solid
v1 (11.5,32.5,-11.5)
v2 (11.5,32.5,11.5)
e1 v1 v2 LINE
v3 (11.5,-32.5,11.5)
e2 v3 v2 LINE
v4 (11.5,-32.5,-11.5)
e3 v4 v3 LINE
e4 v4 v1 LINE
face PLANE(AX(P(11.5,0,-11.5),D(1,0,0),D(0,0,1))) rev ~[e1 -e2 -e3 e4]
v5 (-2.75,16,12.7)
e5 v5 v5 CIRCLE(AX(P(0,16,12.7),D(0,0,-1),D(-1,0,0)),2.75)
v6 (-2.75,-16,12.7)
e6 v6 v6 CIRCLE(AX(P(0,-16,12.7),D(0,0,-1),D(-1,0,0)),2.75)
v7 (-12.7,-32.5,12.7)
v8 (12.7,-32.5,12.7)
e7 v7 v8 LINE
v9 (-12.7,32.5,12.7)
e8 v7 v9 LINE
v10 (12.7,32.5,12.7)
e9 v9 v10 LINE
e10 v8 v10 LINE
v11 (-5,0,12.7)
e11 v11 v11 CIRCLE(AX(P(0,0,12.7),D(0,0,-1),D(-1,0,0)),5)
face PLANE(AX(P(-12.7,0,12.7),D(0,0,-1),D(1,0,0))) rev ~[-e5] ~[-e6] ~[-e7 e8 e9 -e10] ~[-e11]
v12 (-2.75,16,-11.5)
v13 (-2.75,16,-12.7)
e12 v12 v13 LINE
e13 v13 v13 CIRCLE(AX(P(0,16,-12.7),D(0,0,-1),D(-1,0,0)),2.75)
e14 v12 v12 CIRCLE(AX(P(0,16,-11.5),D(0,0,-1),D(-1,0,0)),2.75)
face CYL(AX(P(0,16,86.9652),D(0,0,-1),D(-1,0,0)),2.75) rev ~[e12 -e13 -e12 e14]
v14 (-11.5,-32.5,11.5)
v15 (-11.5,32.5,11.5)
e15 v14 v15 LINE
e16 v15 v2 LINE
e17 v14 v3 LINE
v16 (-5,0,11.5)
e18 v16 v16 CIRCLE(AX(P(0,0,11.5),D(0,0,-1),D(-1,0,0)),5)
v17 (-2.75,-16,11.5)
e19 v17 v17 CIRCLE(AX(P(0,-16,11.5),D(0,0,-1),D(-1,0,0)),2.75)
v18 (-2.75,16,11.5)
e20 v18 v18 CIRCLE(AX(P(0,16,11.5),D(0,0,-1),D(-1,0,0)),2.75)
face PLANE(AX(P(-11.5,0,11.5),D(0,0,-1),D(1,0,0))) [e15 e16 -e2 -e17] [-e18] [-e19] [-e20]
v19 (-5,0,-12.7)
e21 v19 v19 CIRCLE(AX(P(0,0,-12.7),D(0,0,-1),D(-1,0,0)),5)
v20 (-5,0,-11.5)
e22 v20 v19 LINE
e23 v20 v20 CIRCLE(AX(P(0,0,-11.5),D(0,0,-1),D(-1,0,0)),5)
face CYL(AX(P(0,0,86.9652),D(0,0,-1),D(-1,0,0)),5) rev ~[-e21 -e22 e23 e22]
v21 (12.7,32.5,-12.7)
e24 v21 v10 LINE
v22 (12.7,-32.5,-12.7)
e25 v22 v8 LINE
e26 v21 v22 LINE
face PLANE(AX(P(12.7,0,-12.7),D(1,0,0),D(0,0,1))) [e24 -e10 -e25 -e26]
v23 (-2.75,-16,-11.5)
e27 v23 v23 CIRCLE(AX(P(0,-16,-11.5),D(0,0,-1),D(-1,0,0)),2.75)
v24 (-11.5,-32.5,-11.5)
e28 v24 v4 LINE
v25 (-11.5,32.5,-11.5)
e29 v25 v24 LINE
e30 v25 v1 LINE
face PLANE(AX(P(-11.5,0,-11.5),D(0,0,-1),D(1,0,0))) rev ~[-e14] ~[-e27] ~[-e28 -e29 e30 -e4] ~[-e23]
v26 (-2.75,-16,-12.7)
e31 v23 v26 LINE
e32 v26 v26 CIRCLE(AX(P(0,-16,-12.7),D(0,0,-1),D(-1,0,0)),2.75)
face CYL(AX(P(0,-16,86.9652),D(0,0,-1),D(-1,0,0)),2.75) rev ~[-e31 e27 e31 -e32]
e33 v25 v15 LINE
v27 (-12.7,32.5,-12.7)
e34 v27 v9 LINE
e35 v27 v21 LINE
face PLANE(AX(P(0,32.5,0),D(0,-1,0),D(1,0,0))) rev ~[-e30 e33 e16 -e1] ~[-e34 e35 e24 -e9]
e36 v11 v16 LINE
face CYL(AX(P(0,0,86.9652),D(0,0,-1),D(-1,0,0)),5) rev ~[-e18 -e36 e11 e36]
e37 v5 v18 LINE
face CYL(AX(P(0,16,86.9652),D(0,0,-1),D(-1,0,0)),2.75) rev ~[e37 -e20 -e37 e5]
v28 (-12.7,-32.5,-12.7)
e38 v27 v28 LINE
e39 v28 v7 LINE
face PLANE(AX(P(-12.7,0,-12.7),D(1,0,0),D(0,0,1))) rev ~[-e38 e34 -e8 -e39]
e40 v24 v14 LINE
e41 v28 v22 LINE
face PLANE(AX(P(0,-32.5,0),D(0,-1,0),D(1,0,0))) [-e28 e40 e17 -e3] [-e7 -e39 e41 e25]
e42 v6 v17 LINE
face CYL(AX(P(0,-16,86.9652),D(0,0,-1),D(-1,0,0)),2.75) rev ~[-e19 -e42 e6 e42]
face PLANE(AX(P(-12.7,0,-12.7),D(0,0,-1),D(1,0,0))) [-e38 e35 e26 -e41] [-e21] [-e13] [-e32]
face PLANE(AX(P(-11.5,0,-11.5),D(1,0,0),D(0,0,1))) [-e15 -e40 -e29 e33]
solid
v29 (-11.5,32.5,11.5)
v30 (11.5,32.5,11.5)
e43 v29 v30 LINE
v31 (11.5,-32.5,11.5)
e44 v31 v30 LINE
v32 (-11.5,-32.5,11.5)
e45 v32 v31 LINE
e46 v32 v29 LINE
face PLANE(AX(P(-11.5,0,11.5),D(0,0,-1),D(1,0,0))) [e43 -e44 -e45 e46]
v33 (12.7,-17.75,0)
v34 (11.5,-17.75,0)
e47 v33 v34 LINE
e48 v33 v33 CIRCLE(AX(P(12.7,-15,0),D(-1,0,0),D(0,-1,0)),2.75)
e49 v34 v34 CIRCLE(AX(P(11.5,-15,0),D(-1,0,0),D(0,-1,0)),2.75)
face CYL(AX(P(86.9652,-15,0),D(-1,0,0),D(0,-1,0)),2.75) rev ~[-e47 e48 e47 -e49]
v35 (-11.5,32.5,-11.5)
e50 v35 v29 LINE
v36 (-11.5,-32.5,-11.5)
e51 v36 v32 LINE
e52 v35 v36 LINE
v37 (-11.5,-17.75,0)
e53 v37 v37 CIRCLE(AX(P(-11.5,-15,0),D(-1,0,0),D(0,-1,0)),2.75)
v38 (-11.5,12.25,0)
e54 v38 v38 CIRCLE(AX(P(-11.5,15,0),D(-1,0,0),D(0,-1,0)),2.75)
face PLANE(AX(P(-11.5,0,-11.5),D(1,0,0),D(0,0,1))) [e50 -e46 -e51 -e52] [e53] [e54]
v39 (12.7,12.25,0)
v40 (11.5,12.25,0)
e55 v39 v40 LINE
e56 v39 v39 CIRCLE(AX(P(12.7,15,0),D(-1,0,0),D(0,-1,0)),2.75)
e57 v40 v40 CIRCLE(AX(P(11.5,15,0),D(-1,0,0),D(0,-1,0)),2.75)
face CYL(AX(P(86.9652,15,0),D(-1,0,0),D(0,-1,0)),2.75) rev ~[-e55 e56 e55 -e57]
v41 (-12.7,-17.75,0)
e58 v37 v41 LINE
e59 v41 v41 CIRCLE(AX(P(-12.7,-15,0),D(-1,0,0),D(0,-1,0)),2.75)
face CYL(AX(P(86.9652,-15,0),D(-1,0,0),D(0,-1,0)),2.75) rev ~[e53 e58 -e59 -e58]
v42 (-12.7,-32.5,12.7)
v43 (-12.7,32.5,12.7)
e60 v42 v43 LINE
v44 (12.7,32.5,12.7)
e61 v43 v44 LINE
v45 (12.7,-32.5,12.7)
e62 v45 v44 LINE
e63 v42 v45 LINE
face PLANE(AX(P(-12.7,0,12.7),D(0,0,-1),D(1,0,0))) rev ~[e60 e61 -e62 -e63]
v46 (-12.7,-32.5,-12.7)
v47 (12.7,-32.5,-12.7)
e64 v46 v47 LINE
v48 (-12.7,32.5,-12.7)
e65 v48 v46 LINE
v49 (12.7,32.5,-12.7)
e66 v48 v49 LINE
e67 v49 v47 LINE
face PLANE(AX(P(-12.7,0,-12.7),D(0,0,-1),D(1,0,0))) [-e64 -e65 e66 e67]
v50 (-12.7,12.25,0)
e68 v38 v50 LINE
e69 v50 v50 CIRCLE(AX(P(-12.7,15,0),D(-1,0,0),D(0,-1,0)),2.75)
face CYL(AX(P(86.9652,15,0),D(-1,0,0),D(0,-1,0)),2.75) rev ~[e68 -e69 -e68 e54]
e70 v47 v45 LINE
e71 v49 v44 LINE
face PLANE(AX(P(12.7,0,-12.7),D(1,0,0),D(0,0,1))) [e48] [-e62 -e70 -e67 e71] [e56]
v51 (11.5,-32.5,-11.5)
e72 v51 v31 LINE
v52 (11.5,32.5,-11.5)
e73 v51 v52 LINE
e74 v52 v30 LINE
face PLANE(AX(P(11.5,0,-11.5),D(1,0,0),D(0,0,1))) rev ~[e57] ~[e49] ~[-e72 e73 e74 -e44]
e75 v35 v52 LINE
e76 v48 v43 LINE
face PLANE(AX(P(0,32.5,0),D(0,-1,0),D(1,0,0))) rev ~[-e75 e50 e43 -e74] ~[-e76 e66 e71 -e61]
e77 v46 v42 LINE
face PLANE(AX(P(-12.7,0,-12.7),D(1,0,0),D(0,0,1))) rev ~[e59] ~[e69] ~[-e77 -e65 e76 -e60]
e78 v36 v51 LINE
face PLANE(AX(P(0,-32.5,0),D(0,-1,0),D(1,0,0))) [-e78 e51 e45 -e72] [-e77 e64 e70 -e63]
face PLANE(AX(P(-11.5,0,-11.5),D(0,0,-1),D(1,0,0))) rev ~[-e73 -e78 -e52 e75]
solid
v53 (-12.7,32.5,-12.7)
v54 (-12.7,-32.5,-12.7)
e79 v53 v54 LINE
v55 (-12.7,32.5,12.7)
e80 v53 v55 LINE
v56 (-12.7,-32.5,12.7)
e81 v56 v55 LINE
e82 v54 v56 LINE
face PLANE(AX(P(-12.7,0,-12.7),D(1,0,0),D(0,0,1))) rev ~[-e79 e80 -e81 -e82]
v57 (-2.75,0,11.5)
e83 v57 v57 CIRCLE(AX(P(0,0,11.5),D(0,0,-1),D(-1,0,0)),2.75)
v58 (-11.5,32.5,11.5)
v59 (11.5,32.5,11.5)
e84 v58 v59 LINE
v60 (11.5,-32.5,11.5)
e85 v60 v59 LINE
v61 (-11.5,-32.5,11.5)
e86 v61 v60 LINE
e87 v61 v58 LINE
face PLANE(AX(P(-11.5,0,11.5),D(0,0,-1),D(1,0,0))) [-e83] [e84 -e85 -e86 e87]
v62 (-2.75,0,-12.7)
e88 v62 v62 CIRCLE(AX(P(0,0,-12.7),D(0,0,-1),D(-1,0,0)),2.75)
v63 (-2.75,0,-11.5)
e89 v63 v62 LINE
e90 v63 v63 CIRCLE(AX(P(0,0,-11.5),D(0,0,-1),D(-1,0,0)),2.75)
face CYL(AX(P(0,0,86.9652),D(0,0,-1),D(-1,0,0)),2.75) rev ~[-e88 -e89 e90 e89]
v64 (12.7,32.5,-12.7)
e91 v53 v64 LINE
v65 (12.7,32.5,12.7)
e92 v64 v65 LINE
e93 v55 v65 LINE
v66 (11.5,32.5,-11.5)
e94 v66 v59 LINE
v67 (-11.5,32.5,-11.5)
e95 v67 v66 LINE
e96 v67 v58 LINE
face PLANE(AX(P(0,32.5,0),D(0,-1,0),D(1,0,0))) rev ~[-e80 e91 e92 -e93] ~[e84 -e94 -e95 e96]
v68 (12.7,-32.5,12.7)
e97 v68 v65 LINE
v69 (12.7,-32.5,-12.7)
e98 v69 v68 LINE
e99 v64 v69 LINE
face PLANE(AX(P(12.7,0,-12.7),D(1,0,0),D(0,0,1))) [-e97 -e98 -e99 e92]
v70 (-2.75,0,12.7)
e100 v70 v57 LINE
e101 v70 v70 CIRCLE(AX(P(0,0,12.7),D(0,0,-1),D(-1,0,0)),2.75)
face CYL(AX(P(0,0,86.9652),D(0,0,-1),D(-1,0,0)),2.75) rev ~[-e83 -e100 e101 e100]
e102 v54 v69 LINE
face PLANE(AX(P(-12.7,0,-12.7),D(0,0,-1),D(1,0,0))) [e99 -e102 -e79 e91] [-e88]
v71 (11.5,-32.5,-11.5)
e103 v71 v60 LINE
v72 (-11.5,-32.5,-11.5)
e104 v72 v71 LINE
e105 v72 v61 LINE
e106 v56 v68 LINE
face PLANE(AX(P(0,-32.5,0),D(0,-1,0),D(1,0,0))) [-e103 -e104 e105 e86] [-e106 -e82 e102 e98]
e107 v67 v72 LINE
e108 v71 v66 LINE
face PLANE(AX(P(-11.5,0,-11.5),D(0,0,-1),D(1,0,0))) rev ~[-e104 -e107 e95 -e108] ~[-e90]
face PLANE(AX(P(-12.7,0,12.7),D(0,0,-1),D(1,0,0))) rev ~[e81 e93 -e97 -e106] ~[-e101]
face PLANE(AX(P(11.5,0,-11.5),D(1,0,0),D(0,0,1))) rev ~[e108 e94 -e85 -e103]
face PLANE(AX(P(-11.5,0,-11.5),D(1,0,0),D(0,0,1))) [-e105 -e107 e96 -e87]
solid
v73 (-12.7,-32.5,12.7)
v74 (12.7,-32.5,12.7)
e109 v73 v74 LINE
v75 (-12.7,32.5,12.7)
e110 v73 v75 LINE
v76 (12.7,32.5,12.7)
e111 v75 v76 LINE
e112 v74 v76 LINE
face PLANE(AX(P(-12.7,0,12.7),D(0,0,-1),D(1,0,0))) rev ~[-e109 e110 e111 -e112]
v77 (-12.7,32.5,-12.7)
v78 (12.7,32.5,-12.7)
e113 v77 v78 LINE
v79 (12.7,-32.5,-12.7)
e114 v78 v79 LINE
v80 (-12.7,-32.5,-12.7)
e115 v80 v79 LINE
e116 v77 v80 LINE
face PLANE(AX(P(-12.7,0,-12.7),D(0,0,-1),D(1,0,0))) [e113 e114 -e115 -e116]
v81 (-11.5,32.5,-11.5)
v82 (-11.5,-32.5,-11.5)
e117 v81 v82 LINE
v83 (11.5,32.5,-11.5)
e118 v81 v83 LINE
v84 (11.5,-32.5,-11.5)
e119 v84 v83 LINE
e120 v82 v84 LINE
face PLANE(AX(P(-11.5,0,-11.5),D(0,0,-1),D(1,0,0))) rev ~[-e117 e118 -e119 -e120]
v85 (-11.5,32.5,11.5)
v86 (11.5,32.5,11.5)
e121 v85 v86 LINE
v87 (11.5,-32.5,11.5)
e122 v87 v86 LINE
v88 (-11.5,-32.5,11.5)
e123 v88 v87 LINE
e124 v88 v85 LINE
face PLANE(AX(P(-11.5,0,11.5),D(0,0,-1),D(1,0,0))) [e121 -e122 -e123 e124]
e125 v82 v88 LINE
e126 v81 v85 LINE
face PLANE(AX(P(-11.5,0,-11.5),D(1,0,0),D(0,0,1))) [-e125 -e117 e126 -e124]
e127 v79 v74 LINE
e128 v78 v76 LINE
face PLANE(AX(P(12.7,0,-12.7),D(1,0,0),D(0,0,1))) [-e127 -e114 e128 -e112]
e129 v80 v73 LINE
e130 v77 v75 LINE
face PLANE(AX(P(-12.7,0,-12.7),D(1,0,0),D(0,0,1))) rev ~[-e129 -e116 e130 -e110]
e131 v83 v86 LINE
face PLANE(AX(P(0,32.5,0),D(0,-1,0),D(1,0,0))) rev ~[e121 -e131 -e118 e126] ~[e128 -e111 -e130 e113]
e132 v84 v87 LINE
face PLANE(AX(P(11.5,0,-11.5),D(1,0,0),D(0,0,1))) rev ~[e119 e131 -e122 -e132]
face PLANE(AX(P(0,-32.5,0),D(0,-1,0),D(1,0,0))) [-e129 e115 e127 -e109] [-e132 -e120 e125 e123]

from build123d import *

# Parameters (mm, degrees)
F0_W     = 25.4
F0_H     = 25.4
F0_W_2   = 23
F0_H_2   = 23
F1_DEPTH = 32.5
F2_DEPTH = 32.5
F4_D     = 5.5
F5_D     = 10
F6_DEPTH = 32.5
F8_D     = 5.5
F9_DEPTH = 32.5
F11_D    = 5.5


with BuildPart() as f1:
    # F0 (on Front) → F1 (new body, symmetric)
    with BuildSketch(Plane.XZ):
        Rectangle(F0_W, F0_H)
        Rectangle(F0_W_2, F0_H_2, mode=Mode.SUBTRACT)
    extrude(amount=F1_DEPTH, both=True)


with BuildPart() as f2:
    # F0 (on Front) → F2 (new body, symmetric)
    with BuildSketch(Plane.XZ):
        Rectangle(F0_W, F0_H)
        Rectangle(F0_W_2, F0_H_2, mode=Mode.SUBTRACT)
    extrude(amount=F2_DEPTH, both=True)

    # F4 (through all)
    with Locations(Plane.XY.offset(12.7)):
        with Locations((0, -16), (0, 16)):
            Hole(F4_D / 2)

    # F5 (through all)
    with Locations(Plane.XY.offset(12.7)):
        with Locations((0, 0)):
            Hole(F5_D / 2)


with BuildPart() as f6:
    # F0 (on Front) → F6 (new body, symmetric)
    with BuildSketch(Plane.XZ):
        Rectangle(F0_W, F0_H)
        Rectangle(F0_W_2, F0_H_2, mode=Mode.SUBTRACT)
    extrude(amount=F6_DEPTH, both=True)

    # F8 (through all)
    with Locations(Plane.YZ.offset(12.7)):
        with Locations((-15, 0), (15, 0)):
            Hole(F8_D / 2)


with BuildPart() as f9:
    # F0 (on Front) → F9 (new body, symmetric)
    with BuildSketch(Plane.XZ):
        Rectangle(F0_W, F0_H)
        Rectangle(F0_W_2, F0_H_2, mode=Mode.SUBTRACT)
    extrude(amount=F9_DEPTH, both=True)

    # F11 (through all)
    with Locations(Plane.XY.offset(12.7)):
        with Locations((0, 0)):
            Hole(F11_D / 2)


solid = Compound([f1.part, f2.part, f6.part, f9.part])
